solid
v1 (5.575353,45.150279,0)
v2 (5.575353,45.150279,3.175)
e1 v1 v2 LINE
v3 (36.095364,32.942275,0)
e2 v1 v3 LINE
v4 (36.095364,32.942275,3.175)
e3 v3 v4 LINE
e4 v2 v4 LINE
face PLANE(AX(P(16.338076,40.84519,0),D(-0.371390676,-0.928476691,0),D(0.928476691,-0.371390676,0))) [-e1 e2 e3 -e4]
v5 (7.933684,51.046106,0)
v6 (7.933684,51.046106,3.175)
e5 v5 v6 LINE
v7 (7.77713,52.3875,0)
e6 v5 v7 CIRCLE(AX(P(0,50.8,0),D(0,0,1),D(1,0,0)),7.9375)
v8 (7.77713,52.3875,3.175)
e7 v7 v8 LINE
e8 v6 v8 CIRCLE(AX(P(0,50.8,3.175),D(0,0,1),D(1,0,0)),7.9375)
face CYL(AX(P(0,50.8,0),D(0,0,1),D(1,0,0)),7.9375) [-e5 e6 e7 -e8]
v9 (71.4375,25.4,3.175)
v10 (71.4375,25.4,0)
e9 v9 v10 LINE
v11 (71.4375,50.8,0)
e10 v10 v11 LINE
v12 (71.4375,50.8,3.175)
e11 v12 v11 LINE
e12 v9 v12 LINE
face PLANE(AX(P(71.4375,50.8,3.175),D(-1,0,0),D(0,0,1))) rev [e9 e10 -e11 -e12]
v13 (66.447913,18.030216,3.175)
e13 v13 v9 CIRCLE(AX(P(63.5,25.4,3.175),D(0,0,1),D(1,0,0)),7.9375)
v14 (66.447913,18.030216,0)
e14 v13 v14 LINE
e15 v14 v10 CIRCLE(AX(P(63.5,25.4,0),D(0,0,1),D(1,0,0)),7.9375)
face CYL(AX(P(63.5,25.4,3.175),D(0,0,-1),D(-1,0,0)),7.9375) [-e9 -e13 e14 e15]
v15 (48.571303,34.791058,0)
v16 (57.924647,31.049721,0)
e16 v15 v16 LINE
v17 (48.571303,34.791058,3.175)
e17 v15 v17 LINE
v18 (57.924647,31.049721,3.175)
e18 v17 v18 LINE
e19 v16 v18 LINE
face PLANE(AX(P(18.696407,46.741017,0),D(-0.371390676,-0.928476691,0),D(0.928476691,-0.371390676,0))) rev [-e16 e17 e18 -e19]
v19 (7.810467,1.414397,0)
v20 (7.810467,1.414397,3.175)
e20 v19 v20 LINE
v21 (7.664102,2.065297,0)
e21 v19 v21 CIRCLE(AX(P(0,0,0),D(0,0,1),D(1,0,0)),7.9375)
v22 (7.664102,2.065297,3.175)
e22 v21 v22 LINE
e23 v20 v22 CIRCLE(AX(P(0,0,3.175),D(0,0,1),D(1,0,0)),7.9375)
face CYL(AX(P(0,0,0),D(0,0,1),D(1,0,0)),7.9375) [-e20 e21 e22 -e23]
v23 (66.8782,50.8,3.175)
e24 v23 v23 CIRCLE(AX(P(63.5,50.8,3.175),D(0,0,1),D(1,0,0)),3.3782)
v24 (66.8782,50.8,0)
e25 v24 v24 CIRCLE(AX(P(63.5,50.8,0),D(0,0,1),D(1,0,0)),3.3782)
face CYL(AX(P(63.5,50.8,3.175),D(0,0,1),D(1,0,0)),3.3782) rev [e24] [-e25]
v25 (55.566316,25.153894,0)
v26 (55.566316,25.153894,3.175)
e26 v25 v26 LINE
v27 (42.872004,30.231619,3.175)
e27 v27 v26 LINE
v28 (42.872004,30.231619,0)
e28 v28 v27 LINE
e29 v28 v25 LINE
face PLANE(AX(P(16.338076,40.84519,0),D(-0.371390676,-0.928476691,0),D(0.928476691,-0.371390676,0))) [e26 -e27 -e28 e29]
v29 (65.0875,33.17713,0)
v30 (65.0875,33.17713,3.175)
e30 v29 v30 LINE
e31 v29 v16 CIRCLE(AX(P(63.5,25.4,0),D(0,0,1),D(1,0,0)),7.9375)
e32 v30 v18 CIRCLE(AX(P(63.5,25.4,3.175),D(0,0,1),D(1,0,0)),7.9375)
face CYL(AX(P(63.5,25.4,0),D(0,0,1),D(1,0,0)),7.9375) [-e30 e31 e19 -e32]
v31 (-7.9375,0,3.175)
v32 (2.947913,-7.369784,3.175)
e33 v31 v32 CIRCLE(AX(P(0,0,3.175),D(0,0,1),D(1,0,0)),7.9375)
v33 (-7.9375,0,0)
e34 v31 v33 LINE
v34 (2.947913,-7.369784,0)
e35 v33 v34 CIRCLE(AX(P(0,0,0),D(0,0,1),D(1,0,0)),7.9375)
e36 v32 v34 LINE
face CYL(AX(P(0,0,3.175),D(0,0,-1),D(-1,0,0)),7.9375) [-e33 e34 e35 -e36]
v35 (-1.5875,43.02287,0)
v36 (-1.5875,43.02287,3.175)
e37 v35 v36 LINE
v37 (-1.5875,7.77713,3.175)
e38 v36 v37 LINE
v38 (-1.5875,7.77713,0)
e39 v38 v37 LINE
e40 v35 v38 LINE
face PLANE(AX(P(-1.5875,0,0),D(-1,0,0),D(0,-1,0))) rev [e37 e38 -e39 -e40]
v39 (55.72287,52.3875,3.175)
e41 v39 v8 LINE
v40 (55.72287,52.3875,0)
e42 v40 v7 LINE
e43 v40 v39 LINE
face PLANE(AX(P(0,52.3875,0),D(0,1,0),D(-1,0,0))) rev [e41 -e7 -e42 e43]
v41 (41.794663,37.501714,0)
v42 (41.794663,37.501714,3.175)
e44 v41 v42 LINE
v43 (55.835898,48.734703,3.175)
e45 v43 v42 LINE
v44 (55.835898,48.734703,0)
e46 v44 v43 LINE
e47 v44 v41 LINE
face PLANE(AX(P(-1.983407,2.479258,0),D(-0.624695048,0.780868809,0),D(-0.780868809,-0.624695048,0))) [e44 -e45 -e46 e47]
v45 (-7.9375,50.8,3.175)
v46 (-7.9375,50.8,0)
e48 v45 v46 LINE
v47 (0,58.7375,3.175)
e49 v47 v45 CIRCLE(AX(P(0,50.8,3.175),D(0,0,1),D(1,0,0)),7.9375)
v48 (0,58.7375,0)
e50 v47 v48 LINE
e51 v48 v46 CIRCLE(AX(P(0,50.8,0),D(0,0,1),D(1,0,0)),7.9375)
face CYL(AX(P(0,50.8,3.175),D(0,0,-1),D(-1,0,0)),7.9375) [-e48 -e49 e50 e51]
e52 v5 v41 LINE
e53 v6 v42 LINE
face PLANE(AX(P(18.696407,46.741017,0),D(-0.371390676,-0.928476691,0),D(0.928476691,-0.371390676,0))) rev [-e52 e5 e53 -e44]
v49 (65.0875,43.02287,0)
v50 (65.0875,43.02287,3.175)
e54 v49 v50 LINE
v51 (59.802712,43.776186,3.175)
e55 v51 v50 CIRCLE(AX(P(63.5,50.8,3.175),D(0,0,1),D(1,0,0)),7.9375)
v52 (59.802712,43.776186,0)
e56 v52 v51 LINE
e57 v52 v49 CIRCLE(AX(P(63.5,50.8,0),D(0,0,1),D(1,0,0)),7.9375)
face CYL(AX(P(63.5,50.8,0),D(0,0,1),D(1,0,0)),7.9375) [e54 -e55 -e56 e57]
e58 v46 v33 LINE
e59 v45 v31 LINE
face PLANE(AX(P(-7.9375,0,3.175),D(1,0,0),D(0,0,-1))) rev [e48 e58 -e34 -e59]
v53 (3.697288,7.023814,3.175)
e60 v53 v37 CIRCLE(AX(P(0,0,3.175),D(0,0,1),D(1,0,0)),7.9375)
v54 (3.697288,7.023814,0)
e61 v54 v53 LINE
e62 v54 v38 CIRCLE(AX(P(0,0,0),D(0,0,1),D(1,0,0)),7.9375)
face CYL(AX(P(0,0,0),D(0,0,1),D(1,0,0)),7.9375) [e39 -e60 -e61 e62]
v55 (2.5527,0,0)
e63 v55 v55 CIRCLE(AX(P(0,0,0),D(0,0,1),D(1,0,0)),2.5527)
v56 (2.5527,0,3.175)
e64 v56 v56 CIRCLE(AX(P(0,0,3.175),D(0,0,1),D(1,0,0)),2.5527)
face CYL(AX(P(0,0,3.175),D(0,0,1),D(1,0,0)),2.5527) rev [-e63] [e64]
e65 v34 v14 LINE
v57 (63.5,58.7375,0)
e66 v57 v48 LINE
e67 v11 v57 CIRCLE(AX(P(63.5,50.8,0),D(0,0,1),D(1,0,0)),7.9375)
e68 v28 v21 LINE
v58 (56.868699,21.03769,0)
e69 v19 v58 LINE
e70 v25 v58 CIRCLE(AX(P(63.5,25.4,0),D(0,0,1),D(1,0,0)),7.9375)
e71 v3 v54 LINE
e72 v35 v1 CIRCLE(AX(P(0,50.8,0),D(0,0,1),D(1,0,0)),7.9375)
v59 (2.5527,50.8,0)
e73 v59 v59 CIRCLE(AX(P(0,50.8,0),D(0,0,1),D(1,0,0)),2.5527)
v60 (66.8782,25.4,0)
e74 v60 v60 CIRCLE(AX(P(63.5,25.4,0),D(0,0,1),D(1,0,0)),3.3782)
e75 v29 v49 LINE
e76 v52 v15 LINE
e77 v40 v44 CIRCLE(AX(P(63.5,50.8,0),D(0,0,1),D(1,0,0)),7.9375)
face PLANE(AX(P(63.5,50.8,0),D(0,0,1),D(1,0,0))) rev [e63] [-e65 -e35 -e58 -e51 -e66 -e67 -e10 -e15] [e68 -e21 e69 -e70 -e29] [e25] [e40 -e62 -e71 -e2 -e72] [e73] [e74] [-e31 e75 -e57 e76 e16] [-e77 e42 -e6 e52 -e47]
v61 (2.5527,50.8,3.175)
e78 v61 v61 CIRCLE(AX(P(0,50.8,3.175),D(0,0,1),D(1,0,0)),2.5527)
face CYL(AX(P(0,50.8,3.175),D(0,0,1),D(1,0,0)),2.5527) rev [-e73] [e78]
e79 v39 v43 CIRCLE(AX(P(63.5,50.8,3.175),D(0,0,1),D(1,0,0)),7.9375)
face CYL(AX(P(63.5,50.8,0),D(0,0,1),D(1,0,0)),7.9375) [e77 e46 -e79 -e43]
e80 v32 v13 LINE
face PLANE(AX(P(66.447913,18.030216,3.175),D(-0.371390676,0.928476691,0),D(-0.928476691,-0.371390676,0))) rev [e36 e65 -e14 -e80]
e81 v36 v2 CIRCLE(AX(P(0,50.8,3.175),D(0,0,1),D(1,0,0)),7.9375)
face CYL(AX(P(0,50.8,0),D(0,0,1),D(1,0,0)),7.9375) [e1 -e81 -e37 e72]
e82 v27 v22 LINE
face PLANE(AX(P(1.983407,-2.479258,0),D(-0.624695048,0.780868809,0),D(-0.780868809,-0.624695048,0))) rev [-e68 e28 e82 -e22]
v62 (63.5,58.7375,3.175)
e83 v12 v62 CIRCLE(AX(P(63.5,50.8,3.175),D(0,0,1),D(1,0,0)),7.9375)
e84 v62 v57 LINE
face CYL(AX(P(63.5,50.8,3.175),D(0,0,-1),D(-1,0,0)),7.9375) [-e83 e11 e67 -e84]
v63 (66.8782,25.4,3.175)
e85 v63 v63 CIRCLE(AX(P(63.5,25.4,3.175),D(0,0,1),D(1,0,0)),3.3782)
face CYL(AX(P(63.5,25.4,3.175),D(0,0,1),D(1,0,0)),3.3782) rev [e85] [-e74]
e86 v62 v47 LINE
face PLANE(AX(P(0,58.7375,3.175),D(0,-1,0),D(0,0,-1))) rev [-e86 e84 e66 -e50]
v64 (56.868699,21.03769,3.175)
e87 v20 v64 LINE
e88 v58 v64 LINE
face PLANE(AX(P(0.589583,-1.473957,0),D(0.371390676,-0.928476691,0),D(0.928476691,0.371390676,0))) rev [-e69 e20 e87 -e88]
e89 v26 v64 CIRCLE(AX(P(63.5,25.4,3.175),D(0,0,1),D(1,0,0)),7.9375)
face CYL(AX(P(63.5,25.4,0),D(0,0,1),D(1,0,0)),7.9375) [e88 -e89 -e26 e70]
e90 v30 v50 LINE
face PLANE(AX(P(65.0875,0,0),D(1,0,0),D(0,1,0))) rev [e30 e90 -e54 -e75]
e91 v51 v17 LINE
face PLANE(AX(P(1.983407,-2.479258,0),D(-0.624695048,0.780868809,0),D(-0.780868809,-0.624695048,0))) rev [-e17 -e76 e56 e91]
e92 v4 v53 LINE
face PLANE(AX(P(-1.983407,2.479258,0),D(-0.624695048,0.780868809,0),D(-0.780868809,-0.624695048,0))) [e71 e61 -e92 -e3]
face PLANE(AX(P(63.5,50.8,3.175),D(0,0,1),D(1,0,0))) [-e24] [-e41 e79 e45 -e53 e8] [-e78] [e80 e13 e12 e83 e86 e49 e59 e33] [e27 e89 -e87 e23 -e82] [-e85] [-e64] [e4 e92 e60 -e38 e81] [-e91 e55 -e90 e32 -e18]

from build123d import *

# Parameters (mm, degrees)
BOSS_EXTRUDE1_DEPTH     = 3.175
F_1_4_CLEARANCE_HOLE1_D = 6.7564
F_10_CLEARANCE_HOLE1_D  = 5.1054
CUT_EXTRUDE1_DEPTH      = 93.539131925


with BuildPart() as part:
    # Sketch1 → Boss-Extrude1 (new body)
    with BuildSketch(Plane.XY):
        with BuildLine():
            Line((0, 58.7375), (63.5, 58.7375))
            ThreePointArc((63.5, 58.7375), (69.112660076, 56.412660076), (71.4375, 50.8))
            Line((71.4375, 50.8), (71.4375, 25.4))
            ThreePointArc((71.4375, 25.4), (70.072783642, 20.950008826), (66.447913494, 18.030216266))
            Line((66.447913494, 18.030216266), (2.947913494, -7.369783734))
            ThreePointArc((2.947913494, -7.369783734), (-4.449991174, -6.572783642), (-7.9375, 0))
            Line((-7.9375, 0), (-7.9375, 50.8))
            ThreePointArc((-7.9375, 50.8), (-5.612660076, 56.412660076), (0, 58.7375))
        make_face()
    extrude(amount=BOSS_EXTRUDE1_DEPTH)

    # 1/4 Clearance Hole1 (through all)
    with Locations(Plane.XY.offset(3.175)):
        with Locations((63.5, 50.8), (63.5, 25.4)):
            Hole(F_1_4_CLEARANCE_HOLE1_D / 2)

    # #10 Clearance Hole1 (through all)
    with Locations(Plane.XY.offset(3.175)):
        with Locations((0, 50.8), (0, 0)):
            Hole(F_10_CLEARANCE_HOLE1_D / 2)

    # Sketch6 → Cut-Extrude1 (cut, through all)
    with BuildSketch(Plane.XY.offset(3.175)):
        with BuildLine():
            Line((36.095363714, 32.942274862), (5.575352966, 45.150279161))
            ThreePointArc((5.575352966, 45.150279161), (2.259913756, 43.191012152), (-1.5875, 43.022870067))
            Line((-1.5875, 43.022870067), (-1.5875, 7.777129933))
            ThreePointArc((-1.5875, 7.777129933), (1.120121639, 7.858068068), (3.697288027, 7.023814312))
            Line((3.697288027, 7.023814312), (36.095363714, 32.942274862))
        make_face()
        with BuildLine():
            Line((7.933683761, 51.046106148), (41.794663135, 37.501714399))
            Line((41.794663135, 37.501714399), (55.835898421, 48.734702628))
            ThreePointArc((55.835898421, 48.734702628), (55.566297219, 50.554507771), (55.722870067, 52.3875))
            Line((55.722870067, 52.3875), (7.777129933, 52.3875))
            ThreePointArc((7.777129933, 52.3875), (7.883987005, 51.720138659), (7.933683761, 51.046106148))
        make_face()
        with BuildLine():
            Line((59.802711973, 43.776185688), (48.571302953, 34.791058471))
            Line((48.571302953, 34.791058471), (57.924647034, 31.049720839))
            ThreePointArc((57.924647034, 31.049720839), (61.240086244, 33.008987848), (65.0875, 33.177129933))
            Line((65.0875, 33.177129933), (65.0875, 43.022870067))
            ThreePointArc((65.0875, 43.022870067), (62.379878361, 42.941931932), (59.802711973, 43.776185688))
        make_face()
        with BuildLine():
            Line((55.566316239, 25.153893852), (42.872003532, 30.231618935))
            Line((42.872003532, 30.231618935), (7.664101579, 2.065297372))
            ThreePointArc((7.664101579, 2.065297372), (7.744125689, 1.741385529), (7.810466564, 1.414396799))
            Line((7.810466564, 1.414396799), (56.868698834, 21.037689707))
            ThreePointArc((56.868698834, 21.037689707), (55.932273748, 23.005542728), (55.566316239, 25.153893852))
        make_face()
    extrude(amount=-CUT_EXTRUDE1_DEPTH, mode=Mode.SUBTRACT)


solid = part.part
